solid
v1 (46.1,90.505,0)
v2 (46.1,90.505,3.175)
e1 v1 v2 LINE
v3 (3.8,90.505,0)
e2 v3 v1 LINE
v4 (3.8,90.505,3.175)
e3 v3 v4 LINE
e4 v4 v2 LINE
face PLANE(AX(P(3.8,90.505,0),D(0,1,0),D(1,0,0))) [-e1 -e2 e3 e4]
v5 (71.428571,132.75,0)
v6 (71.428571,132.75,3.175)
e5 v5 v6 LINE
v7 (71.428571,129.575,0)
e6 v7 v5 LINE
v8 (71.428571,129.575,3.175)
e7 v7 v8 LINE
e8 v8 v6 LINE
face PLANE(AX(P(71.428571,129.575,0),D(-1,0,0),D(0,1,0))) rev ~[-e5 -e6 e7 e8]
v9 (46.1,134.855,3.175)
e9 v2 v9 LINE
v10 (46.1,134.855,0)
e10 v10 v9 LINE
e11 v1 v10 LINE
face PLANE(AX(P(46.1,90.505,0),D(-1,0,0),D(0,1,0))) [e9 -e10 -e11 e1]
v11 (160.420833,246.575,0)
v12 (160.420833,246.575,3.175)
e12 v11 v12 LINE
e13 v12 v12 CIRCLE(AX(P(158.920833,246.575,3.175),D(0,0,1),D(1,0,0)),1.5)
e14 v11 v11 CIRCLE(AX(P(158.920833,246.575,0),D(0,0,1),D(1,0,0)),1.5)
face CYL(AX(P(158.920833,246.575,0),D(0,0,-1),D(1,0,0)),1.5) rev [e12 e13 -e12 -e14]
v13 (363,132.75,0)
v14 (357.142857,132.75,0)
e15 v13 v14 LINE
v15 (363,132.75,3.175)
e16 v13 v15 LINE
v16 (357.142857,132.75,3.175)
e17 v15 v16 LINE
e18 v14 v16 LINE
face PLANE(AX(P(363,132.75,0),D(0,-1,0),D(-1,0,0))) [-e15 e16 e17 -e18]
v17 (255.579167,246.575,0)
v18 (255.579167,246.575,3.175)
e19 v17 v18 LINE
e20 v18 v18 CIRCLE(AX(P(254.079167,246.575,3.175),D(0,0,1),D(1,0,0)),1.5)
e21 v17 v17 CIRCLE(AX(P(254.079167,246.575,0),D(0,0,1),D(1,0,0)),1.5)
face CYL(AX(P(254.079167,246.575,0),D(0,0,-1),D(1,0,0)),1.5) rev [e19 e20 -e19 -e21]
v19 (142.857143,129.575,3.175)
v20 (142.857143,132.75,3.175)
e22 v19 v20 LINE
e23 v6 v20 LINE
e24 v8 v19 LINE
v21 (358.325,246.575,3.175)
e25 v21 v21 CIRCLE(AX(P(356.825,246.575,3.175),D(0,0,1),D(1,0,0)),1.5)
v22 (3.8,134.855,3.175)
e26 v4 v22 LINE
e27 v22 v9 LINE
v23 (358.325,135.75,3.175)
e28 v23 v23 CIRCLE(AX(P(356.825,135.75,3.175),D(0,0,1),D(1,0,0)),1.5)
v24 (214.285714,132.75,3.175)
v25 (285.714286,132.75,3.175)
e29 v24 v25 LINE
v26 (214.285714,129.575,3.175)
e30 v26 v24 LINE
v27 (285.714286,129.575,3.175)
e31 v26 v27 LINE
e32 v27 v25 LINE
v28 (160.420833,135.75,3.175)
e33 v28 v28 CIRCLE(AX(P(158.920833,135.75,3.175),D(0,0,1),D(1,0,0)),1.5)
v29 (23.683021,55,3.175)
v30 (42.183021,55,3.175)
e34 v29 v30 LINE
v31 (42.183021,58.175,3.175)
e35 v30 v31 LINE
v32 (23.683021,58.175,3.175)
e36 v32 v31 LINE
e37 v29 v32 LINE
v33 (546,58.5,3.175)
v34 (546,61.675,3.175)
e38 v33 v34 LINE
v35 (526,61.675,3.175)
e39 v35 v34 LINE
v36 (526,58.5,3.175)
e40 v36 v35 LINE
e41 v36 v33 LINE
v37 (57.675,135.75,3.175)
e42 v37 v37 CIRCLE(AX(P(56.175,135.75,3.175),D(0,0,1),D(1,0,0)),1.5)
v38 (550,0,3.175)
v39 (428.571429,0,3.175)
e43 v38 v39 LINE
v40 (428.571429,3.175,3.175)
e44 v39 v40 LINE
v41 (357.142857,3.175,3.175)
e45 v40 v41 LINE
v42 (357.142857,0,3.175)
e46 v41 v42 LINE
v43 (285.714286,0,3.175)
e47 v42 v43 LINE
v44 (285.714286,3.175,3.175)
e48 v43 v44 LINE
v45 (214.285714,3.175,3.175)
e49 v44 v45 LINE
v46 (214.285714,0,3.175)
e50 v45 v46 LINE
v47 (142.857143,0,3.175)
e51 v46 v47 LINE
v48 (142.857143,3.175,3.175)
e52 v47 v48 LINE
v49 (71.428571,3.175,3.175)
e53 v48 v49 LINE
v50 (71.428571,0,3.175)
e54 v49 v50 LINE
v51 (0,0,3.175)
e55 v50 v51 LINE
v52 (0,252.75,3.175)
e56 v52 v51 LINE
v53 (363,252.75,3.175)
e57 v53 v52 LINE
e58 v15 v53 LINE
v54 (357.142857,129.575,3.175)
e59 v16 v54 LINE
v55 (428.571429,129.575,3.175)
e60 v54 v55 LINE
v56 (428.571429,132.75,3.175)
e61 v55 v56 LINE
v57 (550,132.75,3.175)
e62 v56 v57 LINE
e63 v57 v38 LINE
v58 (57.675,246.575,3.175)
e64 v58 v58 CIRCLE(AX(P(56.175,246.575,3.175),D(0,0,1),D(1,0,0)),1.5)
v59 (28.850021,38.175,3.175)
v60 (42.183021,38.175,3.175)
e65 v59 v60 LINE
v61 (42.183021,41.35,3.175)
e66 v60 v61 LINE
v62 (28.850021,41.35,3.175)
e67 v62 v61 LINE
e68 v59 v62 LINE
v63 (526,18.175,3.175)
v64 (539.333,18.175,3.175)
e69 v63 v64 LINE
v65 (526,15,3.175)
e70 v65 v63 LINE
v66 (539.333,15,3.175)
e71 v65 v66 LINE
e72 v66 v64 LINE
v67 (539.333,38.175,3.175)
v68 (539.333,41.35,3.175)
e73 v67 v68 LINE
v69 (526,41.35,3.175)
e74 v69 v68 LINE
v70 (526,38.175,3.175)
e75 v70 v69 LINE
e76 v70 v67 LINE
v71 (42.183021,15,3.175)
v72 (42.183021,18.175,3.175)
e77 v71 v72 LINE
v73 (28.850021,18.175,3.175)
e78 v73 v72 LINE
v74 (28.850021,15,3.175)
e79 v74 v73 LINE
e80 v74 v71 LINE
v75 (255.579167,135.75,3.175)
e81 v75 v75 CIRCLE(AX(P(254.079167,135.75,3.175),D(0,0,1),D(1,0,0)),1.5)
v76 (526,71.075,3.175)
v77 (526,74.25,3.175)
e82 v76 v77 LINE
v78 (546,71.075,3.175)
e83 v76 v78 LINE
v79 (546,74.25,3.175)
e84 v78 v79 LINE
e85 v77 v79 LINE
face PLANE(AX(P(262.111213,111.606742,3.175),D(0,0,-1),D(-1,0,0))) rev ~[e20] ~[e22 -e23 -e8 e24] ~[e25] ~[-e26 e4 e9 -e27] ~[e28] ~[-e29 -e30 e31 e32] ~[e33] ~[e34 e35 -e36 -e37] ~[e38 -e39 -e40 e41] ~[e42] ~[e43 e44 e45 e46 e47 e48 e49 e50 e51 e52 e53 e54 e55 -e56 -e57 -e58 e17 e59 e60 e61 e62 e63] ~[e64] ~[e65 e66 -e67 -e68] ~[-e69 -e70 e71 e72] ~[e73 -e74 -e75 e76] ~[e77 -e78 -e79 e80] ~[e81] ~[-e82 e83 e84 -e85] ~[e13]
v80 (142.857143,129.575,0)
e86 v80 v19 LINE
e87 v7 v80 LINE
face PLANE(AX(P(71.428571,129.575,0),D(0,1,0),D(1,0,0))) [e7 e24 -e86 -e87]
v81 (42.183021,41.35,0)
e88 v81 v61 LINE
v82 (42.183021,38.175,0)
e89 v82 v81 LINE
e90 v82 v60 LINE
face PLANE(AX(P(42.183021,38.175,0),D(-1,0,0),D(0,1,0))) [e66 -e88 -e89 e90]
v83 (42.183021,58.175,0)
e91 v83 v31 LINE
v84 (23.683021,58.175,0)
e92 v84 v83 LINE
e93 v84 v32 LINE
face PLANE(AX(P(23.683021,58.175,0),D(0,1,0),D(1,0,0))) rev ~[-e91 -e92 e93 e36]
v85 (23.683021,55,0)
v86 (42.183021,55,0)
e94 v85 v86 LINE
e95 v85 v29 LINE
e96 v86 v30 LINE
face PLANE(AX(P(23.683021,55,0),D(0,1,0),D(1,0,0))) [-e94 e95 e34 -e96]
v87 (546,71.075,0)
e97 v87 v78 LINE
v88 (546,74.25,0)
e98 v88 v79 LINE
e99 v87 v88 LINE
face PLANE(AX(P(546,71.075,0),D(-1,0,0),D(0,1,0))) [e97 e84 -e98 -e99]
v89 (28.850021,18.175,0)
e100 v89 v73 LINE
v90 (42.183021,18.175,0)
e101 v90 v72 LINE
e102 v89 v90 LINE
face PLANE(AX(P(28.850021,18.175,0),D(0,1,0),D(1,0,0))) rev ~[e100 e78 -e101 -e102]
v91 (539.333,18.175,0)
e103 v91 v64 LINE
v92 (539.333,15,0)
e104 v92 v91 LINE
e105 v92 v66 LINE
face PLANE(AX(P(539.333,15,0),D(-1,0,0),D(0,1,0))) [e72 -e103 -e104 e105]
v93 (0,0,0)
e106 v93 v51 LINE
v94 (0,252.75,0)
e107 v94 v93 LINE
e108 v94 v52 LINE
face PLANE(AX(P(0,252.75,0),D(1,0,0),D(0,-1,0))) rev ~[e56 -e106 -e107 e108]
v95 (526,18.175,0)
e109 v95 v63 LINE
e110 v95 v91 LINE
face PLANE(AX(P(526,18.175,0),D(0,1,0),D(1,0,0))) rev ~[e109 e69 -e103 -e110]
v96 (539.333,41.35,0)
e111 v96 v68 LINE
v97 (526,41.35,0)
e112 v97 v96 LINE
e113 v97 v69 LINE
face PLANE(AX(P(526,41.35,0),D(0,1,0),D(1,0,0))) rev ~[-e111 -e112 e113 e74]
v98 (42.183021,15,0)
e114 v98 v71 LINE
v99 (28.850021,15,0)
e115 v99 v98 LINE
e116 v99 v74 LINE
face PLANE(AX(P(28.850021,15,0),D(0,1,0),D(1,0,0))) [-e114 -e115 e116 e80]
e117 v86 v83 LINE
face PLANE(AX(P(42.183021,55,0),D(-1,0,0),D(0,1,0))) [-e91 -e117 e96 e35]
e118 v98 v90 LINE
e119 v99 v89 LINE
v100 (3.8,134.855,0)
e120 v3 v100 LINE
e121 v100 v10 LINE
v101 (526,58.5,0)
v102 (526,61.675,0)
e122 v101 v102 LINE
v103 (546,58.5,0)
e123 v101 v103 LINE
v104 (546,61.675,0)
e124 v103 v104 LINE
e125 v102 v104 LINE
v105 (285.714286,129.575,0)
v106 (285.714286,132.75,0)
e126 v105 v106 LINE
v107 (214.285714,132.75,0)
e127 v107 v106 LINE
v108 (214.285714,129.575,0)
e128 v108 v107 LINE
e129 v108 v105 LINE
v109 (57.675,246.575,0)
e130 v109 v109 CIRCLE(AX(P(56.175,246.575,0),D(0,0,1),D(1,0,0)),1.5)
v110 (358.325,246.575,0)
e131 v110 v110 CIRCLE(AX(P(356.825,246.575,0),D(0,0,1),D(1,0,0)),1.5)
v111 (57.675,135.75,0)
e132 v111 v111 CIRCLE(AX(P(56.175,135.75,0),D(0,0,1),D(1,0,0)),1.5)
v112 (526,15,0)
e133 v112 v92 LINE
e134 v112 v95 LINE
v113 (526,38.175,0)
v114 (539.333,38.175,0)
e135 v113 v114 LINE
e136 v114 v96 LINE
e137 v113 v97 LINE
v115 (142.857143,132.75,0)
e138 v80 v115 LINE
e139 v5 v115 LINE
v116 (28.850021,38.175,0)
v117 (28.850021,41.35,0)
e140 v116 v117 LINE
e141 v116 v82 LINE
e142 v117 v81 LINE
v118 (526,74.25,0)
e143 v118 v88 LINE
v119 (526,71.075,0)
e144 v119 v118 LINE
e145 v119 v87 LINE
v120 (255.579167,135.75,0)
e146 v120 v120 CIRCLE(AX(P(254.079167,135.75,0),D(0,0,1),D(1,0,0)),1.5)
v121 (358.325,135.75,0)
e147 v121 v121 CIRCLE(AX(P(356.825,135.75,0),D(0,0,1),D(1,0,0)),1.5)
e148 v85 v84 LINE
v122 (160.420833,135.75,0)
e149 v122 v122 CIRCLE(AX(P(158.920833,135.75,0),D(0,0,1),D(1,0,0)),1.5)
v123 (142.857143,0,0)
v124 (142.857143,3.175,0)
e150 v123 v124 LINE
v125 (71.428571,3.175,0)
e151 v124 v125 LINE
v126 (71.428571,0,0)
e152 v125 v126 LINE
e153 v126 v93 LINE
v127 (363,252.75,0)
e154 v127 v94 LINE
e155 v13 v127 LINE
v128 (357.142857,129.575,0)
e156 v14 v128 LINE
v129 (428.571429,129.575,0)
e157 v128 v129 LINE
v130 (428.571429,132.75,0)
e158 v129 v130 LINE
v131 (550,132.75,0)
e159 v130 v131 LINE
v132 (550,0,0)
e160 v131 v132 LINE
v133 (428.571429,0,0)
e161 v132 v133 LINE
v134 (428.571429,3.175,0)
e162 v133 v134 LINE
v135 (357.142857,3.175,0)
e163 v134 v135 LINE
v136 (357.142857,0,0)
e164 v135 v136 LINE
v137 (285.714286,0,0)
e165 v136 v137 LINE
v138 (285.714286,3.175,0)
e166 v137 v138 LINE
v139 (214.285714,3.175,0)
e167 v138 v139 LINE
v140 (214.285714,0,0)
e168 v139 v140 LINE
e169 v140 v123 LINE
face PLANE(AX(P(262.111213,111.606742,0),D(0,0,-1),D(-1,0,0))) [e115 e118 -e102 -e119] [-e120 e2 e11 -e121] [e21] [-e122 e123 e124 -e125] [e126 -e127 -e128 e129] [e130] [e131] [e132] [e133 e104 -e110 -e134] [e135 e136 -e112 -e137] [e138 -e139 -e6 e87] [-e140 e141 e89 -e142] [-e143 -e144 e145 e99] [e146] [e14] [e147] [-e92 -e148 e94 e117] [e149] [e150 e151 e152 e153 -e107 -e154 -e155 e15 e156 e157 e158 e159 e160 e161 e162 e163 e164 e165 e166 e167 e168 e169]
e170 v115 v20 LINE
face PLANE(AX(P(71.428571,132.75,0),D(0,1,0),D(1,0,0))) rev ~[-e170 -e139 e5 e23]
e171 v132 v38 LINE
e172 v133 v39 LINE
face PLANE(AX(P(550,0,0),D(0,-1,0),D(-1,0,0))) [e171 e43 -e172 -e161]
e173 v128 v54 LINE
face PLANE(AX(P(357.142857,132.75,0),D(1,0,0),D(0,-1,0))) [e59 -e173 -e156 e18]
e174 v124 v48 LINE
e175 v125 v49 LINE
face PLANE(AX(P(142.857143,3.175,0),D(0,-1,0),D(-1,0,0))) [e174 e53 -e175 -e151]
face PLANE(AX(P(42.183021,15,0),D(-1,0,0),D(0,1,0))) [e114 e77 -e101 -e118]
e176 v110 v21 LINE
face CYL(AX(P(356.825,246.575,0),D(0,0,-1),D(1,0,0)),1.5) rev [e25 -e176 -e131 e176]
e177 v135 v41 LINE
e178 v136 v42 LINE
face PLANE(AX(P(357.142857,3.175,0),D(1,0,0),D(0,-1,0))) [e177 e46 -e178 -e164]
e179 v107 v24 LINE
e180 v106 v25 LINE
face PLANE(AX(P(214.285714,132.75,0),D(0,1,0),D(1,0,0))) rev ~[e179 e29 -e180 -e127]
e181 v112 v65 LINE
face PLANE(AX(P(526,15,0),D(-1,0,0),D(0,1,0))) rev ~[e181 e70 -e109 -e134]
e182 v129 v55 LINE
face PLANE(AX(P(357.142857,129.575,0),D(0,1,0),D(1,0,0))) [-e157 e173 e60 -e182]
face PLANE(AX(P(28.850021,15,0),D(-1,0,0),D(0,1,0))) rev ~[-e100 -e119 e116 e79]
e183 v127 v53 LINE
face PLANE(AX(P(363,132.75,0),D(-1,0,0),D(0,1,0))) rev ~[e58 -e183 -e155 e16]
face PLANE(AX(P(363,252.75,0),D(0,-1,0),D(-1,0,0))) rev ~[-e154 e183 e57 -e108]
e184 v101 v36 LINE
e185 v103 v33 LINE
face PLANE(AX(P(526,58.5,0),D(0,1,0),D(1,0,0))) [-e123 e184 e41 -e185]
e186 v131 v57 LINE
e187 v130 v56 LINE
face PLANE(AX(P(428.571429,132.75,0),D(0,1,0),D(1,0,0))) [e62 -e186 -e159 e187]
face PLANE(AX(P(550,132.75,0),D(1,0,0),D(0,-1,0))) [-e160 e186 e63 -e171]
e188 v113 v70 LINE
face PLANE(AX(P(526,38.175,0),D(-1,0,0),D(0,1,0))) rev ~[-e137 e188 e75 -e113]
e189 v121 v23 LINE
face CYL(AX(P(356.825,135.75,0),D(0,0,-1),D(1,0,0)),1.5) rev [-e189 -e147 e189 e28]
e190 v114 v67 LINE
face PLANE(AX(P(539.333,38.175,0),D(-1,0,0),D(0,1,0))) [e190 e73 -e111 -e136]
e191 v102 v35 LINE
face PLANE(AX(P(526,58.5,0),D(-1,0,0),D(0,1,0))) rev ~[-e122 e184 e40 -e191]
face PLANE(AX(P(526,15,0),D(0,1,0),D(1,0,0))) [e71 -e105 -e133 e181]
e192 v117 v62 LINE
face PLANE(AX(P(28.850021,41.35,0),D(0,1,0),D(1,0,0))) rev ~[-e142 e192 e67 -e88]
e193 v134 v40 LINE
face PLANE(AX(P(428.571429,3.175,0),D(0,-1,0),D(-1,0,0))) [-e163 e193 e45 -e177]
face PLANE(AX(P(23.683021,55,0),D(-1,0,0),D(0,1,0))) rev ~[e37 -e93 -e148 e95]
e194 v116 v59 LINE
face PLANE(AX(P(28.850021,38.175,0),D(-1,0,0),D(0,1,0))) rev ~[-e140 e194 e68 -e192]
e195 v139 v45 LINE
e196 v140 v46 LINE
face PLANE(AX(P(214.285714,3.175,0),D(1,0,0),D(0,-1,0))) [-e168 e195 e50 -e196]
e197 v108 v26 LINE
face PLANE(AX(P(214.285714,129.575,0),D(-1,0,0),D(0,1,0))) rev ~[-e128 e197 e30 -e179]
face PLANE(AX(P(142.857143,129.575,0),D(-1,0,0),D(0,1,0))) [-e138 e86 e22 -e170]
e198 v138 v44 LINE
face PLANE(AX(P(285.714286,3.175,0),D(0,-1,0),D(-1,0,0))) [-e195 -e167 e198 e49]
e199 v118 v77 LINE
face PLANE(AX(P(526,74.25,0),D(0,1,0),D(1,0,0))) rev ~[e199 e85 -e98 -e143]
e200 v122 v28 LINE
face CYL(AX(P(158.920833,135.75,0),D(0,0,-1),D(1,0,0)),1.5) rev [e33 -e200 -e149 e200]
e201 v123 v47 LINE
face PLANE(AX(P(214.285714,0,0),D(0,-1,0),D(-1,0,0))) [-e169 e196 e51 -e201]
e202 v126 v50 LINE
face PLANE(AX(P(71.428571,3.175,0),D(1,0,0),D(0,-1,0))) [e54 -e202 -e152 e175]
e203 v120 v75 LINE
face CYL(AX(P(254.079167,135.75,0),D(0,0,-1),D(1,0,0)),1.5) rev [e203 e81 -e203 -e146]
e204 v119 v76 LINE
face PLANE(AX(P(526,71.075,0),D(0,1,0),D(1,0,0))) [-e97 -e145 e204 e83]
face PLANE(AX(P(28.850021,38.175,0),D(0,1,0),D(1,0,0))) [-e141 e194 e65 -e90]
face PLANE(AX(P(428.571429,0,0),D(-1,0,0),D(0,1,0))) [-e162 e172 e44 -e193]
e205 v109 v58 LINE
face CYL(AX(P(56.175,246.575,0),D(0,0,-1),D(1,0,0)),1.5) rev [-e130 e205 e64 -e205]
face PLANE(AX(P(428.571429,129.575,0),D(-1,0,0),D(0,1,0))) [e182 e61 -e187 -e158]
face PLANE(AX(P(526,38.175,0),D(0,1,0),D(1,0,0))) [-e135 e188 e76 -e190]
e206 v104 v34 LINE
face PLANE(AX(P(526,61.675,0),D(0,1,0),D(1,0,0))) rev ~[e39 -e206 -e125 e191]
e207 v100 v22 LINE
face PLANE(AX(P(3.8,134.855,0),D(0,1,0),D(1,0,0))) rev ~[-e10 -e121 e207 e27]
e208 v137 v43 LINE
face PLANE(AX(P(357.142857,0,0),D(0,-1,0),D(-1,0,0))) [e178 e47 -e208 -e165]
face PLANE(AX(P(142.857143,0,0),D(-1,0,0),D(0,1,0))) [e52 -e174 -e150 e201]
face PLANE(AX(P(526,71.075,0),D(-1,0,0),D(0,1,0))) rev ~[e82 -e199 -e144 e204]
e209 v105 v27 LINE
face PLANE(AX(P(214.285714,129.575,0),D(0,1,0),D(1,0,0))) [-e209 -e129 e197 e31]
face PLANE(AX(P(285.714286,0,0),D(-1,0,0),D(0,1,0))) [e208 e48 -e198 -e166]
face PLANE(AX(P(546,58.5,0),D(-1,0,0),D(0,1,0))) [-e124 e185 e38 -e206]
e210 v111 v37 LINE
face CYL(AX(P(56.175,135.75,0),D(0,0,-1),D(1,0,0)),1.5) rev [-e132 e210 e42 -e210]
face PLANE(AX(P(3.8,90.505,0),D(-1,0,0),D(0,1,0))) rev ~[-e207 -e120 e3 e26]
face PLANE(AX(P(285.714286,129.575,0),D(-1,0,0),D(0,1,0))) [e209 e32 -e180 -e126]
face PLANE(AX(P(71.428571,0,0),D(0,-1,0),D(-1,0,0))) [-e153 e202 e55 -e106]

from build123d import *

# Parameters (mm, degrees)
SKETCH1_R           = 1.5
SKETCH1_W           = 71.428571428
SKETCH1_H           = 3.175
SKETCH1_W_2         = 20
SKETCH1_W_3         = 13.333
SKETCH1_W_4         = 42.3
SKETCH1_H_2         = 44.35
SKETCH1_W_5         = 18.5
BOSS_EXTRUDE1_DEPTH = 3.175


with BuildPart() as part:
    # Sketch1 → Boss-Extrude1 (new body)
    with BuildSketch(Plane.XY):
        Polygon((0, 0), (0, 132.75), (0, 252.75), (328.222222222, 252.75), (363, 252.75), (363, 228.115), (363, 132.75), (357.142857143, 132.75), (357.142857143, 129.575), (428.571428571, 129.575), (428.571428571, 132.75), (550, 132.75), (550, 0), (428.571428571, 0), (428.571428571, 3.175), (357.142857143, 3.175), (357.142857143, 0), (285.714285714, 0), (285.714285714, 3.175), (214.285714286, 3.175), (214.285714286, 0), (142.857142857, 0), (142.857142857, 3.175), (71.428571429, 3.175), (71.428571429, 0), align=None)
        with Locations((56.175, 246.575)):
            Circle(SKETCH1_R, mode=Mode.SUBTRACT)
        with Locations((158.920833333, 135.75)):
            Circle(SKETCH1_R, mode=Mode.SUBTRACT)
        with Locations((158.920833333, 246.575)):
            Circle(SKETCH1_R, mode=Mode.SUBTRACT)
        with Locations((254.079166667, 246.575)):
            Circle(SKETCH1_R, mode=Mode.SUBTRACT)
        with Locations((254.079166667, 135.75)):
            Circle(SKETCH1_R, mode=Mode.SUBTRACT)
        with Locations((356.825, 135.75)):
            Circle(SKETCH1_R, mode=Mode.SUBTRACT)
        with Locations((356.825, 246.575)):
            Circle(SKETCH1_R, mode=Mode.SUBTRACT)
        with Locations((56.175, 135.75)):
            Circle(SKETCH1_R, mode=Mode.SUBTRACT)
        with Locations((107.142857143, 131.1625)):
            Rectangle(SKETCH1_W, SKETCH1_H, mode=Mode.SUBTRACT)
        with Locations((250, 131.1625)):
            Rectangle(SKETCH1_W, SKETCH1_H, mode=Mode.SUBTRACT)
        with Locations((536, 60.0875)):
            Rectangle(SKETCH1_W_2, SKETCH1_H, mode=Mode.SUBTRACT)
        with Locations((536, 72.6625)):
            Rectangle(SKETCH1_W_2, SKETCH1_H, mode=Mode.SUBTRACT)
        with Locations((532.6665, 16.5875)):
            Rectangle(SKETCH1_W_3, SKETCH1_H, mode=Mode.SUBTRACT)
        with Locations((24.95, 112.68)):
            Rectangle(SKETCH1_W_4, SKETCH1_H_2, mode=Mode.SUBTRACT)
        with Locations((32.933020508, 56.5875)):
            Rectangle(SKETCH1_W_5, SKETCH1_H, mode=Mode.SUBTRACT)
        with Locations((35.516520508, 16.5875)):
            Rectangle(SKETCH1_W_3, SKETCH1_H, mode=Mode.SUBTRACT)
        with Locations((35.516520508, 39.7625)):
            Rectangle(SKETCH1_W_3, SKETCH1_H, mode=Mode.SUBTRACT)
        with Locations((532.6665, 39.7625)):
            Rectangle(SKETCH1_W_3, SKETCH1_H, mode=Mode.SUBTRACT)
    extrude(amount=BOSS_EXTRUDE1_DEPTH)


solid = part.part
